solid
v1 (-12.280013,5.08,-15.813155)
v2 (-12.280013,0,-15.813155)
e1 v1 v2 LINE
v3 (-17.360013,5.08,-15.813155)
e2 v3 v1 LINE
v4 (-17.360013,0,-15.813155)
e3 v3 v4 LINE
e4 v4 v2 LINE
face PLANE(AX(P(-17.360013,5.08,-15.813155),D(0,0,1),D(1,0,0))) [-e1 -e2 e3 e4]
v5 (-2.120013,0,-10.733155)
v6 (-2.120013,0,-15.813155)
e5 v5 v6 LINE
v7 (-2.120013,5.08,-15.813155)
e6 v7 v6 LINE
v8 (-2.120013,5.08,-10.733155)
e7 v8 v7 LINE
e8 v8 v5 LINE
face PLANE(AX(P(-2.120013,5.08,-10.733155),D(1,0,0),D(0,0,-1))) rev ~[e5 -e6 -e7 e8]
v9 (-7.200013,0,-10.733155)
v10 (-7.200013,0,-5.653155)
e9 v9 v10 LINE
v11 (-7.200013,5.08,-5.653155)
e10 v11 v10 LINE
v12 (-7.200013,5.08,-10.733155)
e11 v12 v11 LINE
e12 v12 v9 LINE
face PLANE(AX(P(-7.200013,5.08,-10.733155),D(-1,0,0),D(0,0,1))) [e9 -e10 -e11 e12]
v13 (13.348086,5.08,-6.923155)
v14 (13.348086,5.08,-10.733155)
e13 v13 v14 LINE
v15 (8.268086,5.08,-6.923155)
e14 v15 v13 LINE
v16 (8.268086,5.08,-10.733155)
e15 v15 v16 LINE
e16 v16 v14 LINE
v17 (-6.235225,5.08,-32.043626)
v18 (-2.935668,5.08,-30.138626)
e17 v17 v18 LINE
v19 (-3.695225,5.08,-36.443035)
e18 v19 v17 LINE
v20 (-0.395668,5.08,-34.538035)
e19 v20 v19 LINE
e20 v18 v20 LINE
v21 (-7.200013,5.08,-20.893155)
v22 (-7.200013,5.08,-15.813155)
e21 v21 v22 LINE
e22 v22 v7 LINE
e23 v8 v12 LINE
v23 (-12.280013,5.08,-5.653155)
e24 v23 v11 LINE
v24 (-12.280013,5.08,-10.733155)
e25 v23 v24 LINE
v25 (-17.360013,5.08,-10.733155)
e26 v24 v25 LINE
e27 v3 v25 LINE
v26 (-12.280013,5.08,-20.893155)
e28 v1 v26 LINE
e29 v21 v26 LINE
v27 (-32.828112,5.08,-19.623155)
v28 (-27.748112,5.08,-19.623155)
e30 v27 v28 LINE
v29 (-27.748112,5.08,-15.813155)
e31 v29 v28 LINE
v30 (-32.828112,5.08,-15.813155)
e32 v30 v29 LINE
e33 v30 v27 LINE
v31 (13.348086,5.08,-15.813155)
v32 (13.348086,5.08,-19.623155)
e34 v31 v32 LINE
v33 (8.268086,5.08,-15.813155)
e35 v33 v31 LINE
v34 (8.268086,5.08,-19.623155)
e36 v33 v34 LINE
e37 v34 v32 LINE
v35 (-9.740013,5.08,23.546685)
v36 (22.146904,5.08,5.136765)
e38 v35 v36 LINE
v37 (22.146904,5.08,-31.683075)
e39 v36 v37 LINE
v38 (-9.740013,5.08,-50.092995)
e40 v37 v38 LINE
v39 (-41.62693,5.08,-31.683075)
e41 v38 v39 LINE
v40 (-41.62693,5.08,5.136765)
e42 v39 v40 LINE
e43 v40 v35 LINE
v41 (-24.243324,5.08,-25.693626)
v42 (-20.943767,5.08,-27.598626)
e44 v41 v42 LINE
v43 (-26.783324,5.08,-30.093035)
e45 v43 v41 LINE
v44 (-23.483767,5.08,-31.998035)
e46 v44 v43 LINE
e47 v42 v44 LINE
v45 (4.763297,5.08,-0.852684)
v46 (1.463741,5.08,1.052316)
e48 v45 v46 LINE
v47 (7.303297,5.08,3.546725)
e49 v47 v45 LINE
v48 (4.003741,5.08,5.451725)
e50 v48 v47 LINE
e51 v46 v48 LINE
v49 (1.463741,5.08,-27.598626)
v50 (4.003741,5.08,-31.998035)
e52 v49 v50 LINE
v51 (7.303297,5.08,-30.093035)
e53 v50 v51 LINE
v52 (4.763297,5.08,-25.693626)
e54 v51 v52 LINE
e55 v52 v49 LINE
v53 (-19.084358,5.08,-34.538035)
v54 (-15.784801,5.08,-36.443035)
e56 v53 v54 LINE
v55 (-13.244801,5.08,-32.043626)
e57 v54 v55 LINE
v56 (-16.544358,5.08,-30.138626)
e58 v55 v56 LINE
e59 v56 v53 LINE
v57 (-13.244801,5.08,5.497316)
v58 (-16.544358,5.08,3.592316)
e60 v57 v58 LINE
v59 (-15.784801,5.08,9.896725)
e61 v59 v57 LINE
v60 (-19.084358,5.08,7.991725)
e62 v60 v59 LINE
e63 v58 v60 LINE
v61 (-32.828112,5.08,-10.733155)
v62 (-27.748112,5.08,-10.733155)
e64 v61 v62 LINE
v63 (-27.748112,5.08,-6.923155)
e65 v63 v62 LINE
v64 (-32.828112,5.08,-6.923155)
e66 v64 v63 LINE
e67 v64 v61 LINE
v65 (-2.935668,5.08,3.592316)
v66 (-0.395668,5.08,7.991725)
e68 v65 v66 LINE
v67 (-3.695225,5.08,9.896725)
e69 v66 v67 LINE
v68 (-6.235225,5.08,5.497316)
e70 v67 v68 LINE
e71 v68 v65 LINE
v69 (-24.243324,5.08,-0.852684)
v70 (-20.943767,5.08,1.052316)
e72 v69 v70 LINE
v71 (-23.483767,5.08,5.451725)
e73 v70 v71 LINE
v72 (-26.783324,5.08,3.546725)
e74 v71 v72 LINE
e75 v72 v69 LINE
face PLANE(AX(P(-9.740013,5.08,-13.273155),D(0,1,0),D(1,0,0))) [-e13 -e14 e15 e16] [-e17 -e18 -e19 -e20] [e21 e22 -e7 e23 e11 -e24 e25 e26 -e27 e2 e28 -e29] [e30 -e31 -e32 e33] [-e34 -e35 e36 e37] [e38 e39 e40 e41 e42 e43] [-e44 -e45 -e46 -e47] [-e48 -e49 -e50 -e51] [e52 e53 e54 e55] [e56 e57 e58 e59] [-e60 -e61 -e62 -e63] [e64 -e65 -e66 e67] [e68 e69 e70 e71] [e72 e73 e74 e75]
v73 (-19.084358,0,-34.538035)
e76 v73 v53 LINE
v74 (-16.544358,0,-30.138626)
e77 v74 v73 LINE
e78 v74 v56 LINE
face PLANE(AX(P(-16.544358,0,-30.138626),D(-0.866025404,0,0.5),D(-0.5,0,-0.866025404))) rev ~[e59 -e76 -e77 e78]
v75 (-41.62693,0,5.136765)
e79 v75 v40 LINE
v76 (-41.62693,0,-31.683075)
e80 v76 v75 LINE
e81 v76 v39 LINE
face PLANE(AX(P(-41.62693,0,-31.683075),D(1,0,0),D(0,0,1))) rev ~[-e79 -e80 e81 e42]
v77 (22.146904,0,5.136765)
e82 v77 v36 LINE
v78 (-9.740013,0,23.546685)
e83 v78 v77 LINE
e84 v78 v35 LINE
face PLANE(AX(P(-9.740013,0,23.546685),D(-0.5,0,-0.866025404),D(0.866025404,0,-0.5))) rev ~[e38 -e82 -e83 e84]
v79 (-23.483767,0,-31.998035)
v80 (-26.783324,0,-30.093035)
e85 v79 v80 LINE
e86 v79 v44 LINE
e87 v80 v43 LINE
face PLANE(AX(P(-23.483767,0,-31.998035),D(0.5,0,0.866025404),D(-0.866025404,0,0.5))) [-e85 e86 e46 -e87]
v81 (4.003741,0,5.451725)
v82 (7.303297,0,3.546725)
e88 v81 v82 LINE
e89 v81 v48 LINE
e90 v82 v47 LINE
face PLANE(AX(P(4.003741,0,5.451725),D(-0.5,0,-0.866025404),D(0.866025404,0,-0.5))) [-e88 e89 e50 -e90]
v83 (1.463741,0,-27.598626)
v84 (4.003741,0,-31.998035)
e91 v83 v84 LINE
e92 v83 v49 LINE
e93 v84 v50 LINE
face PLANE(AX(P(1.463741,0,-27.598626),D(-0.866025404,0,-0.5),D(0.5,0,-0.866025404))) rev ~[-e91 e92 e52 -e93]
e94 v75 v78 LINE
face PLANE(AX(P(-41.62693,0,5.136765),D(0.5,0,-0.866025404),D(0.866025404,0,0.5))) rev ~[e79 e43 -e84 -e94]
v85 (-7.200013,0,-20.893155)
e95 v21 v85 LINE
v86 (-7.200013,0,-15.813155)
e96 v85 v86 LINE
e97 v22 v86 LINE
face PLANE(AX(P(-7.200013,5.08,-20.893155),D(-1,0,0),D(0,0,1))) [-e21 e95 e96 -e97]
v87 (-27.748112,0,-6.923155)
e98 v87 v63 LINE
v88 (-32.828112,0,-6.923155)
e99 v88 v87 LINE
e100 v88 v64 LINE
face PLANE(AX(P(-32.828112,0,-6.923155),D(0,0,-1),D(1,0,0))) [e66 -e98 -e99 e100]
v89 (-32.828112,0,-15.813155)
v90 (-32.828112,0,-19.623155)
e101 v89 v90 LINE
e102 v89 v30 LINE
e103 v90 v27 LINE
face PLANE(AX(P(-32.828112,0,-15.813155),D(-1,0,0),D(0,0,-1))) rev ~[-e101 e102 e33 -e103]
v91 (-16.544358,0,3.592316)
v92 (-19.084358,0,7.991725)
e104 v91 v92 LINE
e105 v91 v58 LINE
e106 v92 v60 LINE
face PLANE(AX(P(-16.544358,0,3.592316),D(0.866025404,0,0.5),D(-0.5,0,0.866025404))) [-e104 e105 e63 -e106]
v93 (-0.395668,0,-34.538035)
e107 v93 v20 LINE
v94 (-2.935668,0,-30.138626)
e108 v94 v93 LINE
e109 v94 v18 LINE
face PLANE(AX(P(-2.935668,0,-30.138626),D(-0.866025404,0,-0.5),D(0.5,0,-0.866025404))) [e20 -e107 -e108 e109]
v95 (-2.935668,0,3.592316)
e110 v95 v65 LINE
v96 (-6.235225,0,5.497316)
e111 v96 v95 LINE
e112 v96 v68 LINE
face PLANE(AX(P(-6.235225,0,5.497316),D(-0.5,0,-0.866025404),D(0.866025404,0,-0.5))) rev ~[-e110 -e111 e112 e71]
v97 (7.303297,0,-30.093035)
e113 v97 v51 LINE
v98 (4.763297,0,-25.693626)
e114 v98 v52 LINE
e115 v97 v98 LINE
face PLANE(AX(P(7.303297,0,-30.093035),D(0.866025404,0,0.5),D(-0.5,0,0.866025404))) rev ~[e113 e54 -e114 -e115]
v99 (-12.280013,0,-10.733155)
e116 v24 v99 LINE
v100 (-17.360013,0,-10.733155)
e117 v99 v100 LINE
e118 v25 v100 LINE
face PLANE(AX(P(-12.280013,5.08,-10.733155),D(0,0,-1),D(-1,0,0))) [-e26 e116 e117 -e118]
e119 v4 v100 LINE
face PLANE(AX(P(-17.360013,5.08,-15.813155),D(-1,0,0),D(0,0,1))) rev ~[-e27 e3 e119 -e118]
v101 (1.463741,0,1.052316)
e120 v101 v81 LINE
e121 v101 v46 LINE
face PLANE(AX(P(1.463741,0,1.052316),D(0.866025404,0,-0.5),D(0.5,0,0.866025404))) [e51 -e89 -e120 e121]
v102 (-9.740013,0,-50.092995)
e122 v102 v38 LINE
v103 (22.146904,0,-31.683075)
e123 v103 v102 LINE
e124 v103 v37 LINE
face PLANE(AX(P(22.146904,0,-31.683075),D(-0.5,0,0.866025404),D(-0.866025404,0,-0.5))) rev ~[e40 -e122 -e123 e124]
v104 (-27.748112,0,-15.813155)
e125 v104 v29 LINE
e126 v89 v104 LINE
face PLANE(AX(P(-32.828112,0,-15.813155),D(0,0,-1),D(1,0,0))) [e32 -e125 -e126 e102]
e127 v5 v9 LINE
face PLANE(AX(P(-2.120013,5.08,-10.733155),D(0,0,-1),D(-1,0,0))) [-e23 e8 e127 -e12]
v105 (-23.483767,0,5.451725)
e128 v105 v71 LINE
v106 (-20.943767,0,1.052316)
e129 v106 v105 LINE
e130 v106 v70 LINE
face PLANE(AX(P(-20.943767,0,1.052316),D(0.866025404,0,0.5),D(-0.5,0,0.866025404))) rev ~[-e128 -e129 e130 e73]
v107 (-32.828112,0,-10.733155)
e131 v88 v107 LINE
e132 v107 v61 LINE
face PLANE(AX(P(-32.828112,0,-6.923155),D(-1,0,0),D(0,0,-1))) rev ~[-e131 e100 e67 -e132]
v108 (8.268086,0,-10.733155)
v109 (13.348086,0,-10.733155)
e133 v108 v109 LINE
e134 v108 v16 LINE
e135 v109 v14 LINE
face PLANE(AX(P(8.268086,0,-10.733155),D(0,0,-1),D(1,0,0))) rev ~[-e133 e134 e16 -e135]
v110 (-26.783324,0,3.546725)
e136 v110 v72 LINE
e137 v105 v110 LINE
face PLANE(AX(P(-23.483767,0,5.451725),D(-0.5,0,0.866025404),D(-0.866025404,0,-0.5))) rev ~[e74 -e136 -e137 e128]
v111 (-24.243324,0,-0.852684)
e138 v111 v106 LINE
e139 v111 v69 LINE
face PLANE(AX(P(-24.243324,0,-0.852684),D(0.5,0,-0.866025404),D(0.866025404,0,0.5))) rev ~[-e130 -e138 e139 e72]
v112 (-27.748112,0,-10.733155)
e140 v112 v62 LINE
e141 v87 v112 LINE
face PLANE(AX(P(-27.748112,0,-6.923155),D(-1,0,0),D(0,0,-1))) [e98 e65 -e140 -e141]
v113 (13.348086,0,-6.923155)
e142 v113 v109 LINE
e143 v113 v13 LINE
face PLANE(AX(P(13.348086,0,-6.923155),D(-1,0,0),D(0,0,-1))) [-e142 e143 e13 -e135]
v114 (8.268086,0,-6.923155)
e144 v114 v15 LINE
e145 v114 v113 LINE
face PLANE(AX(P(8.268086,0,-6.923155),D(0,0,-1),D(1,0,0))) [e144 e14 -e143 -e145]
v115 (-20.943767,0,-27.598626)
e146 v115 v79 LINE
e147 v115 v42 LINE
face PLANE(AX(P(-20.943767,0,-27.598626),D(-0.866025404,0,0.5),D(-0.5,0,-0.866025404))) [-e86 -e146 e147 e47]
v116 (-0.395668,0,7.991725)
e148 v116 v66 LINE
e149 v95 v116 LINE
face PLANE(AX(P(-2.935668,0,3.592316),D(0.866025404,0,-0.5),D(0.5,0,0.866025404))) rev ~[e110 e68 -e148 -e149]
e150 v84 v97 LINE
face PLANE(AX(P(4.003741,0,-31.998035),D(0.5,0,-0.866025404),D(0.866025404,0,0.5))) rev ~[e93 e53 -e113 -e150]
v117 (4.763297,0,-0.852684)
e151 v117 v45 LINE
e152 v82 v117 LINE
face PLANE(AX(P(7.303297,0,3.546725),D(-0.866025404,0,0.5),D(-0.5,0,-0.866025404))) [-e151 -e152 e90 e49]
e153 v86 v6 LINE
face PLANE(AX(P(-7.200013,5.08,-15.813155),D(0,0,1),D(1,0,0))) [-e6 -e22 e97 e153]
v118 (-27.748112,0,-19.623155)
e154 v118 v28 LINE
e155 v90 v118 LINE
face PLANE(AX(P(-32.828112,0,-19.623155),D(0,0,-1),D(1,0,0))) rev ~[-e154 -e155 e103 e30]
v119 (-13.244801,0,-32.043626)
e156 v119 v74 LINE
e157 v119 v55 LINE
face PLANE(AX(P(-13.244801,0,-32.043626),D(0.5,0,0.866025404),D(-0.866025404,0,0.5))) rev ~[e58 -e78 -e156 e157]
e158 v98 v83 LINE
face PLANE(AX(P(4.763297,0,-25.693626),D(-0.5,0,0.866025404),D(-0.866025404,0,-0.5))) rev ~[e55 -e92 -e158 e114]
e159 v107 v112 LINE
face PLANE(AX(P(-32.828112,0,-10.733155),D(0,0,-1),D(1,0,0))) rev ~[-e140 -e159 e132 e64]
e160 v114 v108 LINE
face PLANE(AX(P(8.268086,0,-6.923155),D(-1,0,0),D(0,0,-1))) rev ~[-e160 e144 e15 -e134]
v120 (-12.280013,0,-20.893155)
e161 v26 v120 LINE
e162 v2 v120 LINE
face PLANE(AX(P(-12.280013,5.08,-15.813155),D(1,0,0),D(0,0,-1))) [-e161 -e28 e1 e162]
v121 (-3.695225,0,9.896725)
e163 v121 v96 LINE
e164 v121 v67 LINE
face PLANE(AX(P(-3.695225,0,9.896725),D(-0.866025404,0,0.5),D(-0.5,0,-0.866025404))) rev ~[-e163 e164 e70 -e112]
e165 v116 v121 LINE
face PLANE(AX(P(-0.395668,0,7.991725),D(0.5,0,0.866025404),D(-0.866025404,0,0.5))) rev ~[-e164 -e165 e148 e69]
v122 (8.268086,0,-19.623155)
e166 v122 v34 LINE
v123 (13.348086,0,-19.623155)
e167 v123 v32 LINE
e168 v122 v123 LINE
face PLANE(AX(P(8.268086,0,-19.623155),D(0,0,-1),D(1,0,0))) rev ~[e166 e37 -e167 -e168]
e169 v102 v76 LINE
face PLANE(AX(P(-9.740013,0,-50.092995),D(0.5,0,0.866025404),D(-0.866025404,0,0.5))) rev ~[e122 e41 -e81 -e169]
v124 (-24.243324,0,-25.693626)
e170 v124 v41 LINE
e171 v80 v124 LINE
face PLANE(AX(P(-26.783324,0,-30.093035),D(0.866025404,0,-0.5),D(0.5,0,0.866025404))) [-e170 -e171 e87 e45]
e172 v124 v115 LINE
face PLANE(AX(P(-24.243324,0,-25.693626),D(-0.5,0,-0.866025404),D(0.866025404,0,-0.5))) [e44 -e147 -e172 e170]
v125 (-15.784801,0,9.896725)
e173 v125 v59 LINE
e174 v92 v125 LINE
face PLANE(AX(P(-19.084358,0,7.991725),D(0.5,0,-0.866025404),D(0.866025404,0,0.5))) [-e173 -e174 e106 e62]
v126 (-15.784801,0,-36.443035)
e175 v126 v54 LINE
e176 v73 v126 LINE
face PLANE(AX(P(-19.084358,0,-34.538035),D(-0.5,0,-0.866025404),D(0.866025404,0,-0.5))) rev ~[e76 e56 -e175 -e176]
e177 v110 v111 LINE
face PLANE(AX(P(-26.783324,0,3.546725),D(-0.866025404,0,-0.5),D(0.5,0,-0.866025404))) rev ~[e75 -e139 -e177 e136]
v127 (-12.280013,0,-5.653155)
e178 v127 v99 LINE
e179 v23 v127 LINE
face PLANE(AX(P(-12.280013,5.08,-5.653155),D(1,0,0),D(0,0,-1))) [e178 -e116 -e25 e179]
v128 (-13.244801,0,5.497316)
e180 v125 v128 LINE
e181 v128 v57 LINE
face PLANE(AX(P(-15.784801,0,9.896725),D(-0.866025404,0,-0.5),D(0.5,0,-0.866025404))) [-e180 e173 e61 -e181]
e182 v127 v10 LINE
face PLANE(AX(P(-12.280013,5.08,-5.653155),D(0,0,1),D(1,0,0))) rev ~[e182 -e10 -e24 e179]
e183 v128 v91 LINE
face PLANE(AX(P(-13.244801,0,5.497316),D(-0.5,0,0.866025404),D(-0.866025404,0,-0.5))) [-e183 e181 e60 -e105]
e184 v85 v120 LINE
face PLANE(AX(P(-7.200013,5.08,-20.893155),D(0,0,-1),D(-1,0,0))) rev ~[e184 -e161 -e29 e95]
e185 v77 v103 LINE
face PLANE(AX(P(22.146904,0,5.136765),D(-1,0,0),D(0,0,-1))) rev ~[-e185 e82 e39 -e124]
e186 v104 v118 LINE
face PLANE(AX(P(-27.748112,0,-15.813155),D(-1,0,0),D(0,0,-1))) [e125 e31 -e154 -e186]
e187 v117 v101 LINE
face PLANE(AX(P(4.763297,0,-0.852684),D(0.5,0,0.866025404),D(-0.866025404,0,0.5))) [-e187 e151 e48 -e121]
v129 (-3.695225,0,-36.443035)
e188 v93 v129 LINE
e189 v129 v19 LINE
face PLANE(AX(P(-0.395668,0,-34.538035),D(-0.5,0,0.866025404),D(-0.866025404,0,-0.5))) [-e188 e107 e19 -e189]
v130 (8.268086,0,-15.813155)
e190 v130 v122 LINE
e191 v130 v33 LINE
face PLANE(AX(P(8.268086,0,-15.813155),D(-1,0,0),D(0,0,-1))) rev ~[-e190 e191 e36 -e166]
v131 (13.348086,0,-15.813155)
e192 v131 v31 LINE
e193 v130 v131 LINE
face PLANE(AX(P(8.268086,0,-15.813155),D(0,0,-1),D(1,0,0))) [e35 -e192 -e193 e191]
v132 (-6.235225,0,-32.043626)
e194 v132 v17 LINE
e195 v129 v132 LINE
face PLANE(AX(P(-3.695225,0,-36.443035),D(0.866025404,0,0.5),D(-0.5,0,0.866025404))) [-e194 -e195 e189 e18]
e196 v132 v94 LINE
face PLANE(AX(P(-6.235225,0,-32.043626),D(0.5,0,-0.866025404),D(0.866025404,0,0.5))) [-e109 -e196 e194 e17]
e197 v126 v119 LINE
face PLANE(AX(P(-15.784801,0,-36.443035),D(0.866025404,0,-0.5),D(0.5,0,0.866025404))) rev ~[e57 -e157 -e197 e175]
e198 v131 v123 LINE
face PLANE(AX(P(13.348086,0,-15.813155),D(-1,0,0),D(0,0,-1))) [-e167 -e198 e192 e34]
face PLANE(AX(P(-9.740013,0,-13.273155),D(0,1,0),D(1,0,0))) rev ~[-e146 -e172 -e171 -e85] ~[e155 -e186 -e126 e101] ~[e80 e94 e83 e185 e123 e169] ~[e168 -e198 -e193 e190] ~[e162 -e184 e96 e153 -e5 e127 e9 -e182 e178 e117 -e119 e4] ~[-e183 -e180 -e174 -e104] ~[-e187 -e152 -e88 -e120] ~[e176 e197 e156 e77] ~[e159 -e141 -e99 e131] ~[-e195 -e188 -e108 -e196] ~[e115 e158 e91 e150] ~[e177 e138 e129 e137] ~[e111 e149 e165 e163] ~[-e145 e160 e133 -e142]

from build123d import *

# Parameters (mm, degrees)
SKETCH1_W           = 5.08
SKETCH1_H           = 3.81
BOSS_EXTRUDE1_DEPTH = 5.08
CUT_EXTRUDE1_DEPTH  = 5.08


with BuildPart() as part:
    # Sketch1 → Boss-Extrude1 (new body)
    with BuildSketch(Plane(origin=(0, 0, 0), x_dir=(1, 0, 0), z_dir=(0, 1, 0))):
        Polygon((-41.626929972, -5.1367648), (-9.740013168, -23.5466848), (22.146903635, -5.1367648), (22.146903635, 31.6830752), (-9.740013168, 50.0929952), (-41.626929972, 31.6830752), align=None)
        Polygon((-15.784801205, 36.4430352), (-13.244801205, 32.043626149), (-16.544357993, 30.138626149), (-19.084357993, 34.5380352), align=None, mode=Mode.SUBTRACT)
        with Locations((-30.288111869, 17.7181552)):
            Rectangle(SKETCH1_W, SKETCH1_H, mode=Mode.SUBTRACT)
        with Locations((-30.288111869, 8.8281552)):
            Rectangle(SKETCH1_W, SKETCH1_H, mode=Mode.SUBTRACT)
        Polygon((-26.783323833, 30.0930352), (-24.243323833, 25.693626149), (-20.943767044, 27.598626149), (-23.483767044, 31.9980352), align=None, mode=Mode.SUBTRACT)
        Polygon((7.303297496, 30.0930352), (4.763297496, 25.693626149), (1.463740708, 27.598626149), (4.003740708, 31.9980352), align=None, mode=Mode.SUBTRACT)
        Polygon((-3.695225132, 36.4430352), (-6.235225132, 32.043626149), (-2.935668344, 30.138626149), (-0.395668344, 34.5380352), align=None, mode=Mode.SUBTRACT)
        with Locations((10.808085532, 8.8281552)):
            Rectangle(SKETCH1_W, SKETCH1_H, mode=Mode.SUBTRACT)
        with Locations((10.808085532, 17.7181552)):
            Rectangle(SKETCH1_W, SKETCH1_H, mode=Mode.SUBTRACT)
        Polygon((-3.695225132, -9.8967248), (-6.235225132, -5.497315749), (-2.935668344, -3.592315749), (-0.395668344, -7.9917248), align=None, mode=Mode.SUBTRACT)
        Polygon((7.303297496, -3.5467248), (4.763297496, 0.852684251), (1.463740708, -1.052315749), (4.003740708, -5.4517248), align=None, mode=Mode.SUBTRACT)
        Polygon((-26.783323833, -3.5467248), (-24.243323833, 0.852684251), (-20.943767044, -1.052315749), (-23.483767044, -5.4517248), align=None, mode=Mode.SUBTRACT)
        Polygon((-15.784801205, -9.8967248), (-13.244801205, -5.497315749), (-16.544357993, -3.592315749), (-19.084357993, -7.9917248), align=None, mode=Mode.SUBTRACT)
    extrude(amount=BOSS_EXTRUDE1_DEPTH)

    # Sketch2 → Cut-Extrude1 (cut)
    with BuildSketch(Plane(origin=(0, 5.08, 0), x_dir=(1, 0, 0), z_dir=(0, 1, 0))):
        Polygon((-12.280013168, 20.8931552), (-9.740013168, 20.8931552), (-7.200013168, 20.8931552), (-7.200013168, 15.8131552), (-2.120013168, 15.8131552), (-2.120013168, 13.2731552), (-2.120013168, 10.7331552), (-7.200013168, 10.7331552), (-7.200013168, 5.6531552), (-9.740013168, 5.6531552), (-12.280013168, 5.6531552), (-12.280013168, 10.7331552), (-17.360013168, 10.7331552), (-17.360013168, 13.2731552), (-17.360013168, 15.8131552), (-12.280013168, 15.8131552), align=None)
    extrude(amount=-CUT_EXTRUDE1_DEPTH, mode=Mode.SUBTRACT)


solid = part.part
